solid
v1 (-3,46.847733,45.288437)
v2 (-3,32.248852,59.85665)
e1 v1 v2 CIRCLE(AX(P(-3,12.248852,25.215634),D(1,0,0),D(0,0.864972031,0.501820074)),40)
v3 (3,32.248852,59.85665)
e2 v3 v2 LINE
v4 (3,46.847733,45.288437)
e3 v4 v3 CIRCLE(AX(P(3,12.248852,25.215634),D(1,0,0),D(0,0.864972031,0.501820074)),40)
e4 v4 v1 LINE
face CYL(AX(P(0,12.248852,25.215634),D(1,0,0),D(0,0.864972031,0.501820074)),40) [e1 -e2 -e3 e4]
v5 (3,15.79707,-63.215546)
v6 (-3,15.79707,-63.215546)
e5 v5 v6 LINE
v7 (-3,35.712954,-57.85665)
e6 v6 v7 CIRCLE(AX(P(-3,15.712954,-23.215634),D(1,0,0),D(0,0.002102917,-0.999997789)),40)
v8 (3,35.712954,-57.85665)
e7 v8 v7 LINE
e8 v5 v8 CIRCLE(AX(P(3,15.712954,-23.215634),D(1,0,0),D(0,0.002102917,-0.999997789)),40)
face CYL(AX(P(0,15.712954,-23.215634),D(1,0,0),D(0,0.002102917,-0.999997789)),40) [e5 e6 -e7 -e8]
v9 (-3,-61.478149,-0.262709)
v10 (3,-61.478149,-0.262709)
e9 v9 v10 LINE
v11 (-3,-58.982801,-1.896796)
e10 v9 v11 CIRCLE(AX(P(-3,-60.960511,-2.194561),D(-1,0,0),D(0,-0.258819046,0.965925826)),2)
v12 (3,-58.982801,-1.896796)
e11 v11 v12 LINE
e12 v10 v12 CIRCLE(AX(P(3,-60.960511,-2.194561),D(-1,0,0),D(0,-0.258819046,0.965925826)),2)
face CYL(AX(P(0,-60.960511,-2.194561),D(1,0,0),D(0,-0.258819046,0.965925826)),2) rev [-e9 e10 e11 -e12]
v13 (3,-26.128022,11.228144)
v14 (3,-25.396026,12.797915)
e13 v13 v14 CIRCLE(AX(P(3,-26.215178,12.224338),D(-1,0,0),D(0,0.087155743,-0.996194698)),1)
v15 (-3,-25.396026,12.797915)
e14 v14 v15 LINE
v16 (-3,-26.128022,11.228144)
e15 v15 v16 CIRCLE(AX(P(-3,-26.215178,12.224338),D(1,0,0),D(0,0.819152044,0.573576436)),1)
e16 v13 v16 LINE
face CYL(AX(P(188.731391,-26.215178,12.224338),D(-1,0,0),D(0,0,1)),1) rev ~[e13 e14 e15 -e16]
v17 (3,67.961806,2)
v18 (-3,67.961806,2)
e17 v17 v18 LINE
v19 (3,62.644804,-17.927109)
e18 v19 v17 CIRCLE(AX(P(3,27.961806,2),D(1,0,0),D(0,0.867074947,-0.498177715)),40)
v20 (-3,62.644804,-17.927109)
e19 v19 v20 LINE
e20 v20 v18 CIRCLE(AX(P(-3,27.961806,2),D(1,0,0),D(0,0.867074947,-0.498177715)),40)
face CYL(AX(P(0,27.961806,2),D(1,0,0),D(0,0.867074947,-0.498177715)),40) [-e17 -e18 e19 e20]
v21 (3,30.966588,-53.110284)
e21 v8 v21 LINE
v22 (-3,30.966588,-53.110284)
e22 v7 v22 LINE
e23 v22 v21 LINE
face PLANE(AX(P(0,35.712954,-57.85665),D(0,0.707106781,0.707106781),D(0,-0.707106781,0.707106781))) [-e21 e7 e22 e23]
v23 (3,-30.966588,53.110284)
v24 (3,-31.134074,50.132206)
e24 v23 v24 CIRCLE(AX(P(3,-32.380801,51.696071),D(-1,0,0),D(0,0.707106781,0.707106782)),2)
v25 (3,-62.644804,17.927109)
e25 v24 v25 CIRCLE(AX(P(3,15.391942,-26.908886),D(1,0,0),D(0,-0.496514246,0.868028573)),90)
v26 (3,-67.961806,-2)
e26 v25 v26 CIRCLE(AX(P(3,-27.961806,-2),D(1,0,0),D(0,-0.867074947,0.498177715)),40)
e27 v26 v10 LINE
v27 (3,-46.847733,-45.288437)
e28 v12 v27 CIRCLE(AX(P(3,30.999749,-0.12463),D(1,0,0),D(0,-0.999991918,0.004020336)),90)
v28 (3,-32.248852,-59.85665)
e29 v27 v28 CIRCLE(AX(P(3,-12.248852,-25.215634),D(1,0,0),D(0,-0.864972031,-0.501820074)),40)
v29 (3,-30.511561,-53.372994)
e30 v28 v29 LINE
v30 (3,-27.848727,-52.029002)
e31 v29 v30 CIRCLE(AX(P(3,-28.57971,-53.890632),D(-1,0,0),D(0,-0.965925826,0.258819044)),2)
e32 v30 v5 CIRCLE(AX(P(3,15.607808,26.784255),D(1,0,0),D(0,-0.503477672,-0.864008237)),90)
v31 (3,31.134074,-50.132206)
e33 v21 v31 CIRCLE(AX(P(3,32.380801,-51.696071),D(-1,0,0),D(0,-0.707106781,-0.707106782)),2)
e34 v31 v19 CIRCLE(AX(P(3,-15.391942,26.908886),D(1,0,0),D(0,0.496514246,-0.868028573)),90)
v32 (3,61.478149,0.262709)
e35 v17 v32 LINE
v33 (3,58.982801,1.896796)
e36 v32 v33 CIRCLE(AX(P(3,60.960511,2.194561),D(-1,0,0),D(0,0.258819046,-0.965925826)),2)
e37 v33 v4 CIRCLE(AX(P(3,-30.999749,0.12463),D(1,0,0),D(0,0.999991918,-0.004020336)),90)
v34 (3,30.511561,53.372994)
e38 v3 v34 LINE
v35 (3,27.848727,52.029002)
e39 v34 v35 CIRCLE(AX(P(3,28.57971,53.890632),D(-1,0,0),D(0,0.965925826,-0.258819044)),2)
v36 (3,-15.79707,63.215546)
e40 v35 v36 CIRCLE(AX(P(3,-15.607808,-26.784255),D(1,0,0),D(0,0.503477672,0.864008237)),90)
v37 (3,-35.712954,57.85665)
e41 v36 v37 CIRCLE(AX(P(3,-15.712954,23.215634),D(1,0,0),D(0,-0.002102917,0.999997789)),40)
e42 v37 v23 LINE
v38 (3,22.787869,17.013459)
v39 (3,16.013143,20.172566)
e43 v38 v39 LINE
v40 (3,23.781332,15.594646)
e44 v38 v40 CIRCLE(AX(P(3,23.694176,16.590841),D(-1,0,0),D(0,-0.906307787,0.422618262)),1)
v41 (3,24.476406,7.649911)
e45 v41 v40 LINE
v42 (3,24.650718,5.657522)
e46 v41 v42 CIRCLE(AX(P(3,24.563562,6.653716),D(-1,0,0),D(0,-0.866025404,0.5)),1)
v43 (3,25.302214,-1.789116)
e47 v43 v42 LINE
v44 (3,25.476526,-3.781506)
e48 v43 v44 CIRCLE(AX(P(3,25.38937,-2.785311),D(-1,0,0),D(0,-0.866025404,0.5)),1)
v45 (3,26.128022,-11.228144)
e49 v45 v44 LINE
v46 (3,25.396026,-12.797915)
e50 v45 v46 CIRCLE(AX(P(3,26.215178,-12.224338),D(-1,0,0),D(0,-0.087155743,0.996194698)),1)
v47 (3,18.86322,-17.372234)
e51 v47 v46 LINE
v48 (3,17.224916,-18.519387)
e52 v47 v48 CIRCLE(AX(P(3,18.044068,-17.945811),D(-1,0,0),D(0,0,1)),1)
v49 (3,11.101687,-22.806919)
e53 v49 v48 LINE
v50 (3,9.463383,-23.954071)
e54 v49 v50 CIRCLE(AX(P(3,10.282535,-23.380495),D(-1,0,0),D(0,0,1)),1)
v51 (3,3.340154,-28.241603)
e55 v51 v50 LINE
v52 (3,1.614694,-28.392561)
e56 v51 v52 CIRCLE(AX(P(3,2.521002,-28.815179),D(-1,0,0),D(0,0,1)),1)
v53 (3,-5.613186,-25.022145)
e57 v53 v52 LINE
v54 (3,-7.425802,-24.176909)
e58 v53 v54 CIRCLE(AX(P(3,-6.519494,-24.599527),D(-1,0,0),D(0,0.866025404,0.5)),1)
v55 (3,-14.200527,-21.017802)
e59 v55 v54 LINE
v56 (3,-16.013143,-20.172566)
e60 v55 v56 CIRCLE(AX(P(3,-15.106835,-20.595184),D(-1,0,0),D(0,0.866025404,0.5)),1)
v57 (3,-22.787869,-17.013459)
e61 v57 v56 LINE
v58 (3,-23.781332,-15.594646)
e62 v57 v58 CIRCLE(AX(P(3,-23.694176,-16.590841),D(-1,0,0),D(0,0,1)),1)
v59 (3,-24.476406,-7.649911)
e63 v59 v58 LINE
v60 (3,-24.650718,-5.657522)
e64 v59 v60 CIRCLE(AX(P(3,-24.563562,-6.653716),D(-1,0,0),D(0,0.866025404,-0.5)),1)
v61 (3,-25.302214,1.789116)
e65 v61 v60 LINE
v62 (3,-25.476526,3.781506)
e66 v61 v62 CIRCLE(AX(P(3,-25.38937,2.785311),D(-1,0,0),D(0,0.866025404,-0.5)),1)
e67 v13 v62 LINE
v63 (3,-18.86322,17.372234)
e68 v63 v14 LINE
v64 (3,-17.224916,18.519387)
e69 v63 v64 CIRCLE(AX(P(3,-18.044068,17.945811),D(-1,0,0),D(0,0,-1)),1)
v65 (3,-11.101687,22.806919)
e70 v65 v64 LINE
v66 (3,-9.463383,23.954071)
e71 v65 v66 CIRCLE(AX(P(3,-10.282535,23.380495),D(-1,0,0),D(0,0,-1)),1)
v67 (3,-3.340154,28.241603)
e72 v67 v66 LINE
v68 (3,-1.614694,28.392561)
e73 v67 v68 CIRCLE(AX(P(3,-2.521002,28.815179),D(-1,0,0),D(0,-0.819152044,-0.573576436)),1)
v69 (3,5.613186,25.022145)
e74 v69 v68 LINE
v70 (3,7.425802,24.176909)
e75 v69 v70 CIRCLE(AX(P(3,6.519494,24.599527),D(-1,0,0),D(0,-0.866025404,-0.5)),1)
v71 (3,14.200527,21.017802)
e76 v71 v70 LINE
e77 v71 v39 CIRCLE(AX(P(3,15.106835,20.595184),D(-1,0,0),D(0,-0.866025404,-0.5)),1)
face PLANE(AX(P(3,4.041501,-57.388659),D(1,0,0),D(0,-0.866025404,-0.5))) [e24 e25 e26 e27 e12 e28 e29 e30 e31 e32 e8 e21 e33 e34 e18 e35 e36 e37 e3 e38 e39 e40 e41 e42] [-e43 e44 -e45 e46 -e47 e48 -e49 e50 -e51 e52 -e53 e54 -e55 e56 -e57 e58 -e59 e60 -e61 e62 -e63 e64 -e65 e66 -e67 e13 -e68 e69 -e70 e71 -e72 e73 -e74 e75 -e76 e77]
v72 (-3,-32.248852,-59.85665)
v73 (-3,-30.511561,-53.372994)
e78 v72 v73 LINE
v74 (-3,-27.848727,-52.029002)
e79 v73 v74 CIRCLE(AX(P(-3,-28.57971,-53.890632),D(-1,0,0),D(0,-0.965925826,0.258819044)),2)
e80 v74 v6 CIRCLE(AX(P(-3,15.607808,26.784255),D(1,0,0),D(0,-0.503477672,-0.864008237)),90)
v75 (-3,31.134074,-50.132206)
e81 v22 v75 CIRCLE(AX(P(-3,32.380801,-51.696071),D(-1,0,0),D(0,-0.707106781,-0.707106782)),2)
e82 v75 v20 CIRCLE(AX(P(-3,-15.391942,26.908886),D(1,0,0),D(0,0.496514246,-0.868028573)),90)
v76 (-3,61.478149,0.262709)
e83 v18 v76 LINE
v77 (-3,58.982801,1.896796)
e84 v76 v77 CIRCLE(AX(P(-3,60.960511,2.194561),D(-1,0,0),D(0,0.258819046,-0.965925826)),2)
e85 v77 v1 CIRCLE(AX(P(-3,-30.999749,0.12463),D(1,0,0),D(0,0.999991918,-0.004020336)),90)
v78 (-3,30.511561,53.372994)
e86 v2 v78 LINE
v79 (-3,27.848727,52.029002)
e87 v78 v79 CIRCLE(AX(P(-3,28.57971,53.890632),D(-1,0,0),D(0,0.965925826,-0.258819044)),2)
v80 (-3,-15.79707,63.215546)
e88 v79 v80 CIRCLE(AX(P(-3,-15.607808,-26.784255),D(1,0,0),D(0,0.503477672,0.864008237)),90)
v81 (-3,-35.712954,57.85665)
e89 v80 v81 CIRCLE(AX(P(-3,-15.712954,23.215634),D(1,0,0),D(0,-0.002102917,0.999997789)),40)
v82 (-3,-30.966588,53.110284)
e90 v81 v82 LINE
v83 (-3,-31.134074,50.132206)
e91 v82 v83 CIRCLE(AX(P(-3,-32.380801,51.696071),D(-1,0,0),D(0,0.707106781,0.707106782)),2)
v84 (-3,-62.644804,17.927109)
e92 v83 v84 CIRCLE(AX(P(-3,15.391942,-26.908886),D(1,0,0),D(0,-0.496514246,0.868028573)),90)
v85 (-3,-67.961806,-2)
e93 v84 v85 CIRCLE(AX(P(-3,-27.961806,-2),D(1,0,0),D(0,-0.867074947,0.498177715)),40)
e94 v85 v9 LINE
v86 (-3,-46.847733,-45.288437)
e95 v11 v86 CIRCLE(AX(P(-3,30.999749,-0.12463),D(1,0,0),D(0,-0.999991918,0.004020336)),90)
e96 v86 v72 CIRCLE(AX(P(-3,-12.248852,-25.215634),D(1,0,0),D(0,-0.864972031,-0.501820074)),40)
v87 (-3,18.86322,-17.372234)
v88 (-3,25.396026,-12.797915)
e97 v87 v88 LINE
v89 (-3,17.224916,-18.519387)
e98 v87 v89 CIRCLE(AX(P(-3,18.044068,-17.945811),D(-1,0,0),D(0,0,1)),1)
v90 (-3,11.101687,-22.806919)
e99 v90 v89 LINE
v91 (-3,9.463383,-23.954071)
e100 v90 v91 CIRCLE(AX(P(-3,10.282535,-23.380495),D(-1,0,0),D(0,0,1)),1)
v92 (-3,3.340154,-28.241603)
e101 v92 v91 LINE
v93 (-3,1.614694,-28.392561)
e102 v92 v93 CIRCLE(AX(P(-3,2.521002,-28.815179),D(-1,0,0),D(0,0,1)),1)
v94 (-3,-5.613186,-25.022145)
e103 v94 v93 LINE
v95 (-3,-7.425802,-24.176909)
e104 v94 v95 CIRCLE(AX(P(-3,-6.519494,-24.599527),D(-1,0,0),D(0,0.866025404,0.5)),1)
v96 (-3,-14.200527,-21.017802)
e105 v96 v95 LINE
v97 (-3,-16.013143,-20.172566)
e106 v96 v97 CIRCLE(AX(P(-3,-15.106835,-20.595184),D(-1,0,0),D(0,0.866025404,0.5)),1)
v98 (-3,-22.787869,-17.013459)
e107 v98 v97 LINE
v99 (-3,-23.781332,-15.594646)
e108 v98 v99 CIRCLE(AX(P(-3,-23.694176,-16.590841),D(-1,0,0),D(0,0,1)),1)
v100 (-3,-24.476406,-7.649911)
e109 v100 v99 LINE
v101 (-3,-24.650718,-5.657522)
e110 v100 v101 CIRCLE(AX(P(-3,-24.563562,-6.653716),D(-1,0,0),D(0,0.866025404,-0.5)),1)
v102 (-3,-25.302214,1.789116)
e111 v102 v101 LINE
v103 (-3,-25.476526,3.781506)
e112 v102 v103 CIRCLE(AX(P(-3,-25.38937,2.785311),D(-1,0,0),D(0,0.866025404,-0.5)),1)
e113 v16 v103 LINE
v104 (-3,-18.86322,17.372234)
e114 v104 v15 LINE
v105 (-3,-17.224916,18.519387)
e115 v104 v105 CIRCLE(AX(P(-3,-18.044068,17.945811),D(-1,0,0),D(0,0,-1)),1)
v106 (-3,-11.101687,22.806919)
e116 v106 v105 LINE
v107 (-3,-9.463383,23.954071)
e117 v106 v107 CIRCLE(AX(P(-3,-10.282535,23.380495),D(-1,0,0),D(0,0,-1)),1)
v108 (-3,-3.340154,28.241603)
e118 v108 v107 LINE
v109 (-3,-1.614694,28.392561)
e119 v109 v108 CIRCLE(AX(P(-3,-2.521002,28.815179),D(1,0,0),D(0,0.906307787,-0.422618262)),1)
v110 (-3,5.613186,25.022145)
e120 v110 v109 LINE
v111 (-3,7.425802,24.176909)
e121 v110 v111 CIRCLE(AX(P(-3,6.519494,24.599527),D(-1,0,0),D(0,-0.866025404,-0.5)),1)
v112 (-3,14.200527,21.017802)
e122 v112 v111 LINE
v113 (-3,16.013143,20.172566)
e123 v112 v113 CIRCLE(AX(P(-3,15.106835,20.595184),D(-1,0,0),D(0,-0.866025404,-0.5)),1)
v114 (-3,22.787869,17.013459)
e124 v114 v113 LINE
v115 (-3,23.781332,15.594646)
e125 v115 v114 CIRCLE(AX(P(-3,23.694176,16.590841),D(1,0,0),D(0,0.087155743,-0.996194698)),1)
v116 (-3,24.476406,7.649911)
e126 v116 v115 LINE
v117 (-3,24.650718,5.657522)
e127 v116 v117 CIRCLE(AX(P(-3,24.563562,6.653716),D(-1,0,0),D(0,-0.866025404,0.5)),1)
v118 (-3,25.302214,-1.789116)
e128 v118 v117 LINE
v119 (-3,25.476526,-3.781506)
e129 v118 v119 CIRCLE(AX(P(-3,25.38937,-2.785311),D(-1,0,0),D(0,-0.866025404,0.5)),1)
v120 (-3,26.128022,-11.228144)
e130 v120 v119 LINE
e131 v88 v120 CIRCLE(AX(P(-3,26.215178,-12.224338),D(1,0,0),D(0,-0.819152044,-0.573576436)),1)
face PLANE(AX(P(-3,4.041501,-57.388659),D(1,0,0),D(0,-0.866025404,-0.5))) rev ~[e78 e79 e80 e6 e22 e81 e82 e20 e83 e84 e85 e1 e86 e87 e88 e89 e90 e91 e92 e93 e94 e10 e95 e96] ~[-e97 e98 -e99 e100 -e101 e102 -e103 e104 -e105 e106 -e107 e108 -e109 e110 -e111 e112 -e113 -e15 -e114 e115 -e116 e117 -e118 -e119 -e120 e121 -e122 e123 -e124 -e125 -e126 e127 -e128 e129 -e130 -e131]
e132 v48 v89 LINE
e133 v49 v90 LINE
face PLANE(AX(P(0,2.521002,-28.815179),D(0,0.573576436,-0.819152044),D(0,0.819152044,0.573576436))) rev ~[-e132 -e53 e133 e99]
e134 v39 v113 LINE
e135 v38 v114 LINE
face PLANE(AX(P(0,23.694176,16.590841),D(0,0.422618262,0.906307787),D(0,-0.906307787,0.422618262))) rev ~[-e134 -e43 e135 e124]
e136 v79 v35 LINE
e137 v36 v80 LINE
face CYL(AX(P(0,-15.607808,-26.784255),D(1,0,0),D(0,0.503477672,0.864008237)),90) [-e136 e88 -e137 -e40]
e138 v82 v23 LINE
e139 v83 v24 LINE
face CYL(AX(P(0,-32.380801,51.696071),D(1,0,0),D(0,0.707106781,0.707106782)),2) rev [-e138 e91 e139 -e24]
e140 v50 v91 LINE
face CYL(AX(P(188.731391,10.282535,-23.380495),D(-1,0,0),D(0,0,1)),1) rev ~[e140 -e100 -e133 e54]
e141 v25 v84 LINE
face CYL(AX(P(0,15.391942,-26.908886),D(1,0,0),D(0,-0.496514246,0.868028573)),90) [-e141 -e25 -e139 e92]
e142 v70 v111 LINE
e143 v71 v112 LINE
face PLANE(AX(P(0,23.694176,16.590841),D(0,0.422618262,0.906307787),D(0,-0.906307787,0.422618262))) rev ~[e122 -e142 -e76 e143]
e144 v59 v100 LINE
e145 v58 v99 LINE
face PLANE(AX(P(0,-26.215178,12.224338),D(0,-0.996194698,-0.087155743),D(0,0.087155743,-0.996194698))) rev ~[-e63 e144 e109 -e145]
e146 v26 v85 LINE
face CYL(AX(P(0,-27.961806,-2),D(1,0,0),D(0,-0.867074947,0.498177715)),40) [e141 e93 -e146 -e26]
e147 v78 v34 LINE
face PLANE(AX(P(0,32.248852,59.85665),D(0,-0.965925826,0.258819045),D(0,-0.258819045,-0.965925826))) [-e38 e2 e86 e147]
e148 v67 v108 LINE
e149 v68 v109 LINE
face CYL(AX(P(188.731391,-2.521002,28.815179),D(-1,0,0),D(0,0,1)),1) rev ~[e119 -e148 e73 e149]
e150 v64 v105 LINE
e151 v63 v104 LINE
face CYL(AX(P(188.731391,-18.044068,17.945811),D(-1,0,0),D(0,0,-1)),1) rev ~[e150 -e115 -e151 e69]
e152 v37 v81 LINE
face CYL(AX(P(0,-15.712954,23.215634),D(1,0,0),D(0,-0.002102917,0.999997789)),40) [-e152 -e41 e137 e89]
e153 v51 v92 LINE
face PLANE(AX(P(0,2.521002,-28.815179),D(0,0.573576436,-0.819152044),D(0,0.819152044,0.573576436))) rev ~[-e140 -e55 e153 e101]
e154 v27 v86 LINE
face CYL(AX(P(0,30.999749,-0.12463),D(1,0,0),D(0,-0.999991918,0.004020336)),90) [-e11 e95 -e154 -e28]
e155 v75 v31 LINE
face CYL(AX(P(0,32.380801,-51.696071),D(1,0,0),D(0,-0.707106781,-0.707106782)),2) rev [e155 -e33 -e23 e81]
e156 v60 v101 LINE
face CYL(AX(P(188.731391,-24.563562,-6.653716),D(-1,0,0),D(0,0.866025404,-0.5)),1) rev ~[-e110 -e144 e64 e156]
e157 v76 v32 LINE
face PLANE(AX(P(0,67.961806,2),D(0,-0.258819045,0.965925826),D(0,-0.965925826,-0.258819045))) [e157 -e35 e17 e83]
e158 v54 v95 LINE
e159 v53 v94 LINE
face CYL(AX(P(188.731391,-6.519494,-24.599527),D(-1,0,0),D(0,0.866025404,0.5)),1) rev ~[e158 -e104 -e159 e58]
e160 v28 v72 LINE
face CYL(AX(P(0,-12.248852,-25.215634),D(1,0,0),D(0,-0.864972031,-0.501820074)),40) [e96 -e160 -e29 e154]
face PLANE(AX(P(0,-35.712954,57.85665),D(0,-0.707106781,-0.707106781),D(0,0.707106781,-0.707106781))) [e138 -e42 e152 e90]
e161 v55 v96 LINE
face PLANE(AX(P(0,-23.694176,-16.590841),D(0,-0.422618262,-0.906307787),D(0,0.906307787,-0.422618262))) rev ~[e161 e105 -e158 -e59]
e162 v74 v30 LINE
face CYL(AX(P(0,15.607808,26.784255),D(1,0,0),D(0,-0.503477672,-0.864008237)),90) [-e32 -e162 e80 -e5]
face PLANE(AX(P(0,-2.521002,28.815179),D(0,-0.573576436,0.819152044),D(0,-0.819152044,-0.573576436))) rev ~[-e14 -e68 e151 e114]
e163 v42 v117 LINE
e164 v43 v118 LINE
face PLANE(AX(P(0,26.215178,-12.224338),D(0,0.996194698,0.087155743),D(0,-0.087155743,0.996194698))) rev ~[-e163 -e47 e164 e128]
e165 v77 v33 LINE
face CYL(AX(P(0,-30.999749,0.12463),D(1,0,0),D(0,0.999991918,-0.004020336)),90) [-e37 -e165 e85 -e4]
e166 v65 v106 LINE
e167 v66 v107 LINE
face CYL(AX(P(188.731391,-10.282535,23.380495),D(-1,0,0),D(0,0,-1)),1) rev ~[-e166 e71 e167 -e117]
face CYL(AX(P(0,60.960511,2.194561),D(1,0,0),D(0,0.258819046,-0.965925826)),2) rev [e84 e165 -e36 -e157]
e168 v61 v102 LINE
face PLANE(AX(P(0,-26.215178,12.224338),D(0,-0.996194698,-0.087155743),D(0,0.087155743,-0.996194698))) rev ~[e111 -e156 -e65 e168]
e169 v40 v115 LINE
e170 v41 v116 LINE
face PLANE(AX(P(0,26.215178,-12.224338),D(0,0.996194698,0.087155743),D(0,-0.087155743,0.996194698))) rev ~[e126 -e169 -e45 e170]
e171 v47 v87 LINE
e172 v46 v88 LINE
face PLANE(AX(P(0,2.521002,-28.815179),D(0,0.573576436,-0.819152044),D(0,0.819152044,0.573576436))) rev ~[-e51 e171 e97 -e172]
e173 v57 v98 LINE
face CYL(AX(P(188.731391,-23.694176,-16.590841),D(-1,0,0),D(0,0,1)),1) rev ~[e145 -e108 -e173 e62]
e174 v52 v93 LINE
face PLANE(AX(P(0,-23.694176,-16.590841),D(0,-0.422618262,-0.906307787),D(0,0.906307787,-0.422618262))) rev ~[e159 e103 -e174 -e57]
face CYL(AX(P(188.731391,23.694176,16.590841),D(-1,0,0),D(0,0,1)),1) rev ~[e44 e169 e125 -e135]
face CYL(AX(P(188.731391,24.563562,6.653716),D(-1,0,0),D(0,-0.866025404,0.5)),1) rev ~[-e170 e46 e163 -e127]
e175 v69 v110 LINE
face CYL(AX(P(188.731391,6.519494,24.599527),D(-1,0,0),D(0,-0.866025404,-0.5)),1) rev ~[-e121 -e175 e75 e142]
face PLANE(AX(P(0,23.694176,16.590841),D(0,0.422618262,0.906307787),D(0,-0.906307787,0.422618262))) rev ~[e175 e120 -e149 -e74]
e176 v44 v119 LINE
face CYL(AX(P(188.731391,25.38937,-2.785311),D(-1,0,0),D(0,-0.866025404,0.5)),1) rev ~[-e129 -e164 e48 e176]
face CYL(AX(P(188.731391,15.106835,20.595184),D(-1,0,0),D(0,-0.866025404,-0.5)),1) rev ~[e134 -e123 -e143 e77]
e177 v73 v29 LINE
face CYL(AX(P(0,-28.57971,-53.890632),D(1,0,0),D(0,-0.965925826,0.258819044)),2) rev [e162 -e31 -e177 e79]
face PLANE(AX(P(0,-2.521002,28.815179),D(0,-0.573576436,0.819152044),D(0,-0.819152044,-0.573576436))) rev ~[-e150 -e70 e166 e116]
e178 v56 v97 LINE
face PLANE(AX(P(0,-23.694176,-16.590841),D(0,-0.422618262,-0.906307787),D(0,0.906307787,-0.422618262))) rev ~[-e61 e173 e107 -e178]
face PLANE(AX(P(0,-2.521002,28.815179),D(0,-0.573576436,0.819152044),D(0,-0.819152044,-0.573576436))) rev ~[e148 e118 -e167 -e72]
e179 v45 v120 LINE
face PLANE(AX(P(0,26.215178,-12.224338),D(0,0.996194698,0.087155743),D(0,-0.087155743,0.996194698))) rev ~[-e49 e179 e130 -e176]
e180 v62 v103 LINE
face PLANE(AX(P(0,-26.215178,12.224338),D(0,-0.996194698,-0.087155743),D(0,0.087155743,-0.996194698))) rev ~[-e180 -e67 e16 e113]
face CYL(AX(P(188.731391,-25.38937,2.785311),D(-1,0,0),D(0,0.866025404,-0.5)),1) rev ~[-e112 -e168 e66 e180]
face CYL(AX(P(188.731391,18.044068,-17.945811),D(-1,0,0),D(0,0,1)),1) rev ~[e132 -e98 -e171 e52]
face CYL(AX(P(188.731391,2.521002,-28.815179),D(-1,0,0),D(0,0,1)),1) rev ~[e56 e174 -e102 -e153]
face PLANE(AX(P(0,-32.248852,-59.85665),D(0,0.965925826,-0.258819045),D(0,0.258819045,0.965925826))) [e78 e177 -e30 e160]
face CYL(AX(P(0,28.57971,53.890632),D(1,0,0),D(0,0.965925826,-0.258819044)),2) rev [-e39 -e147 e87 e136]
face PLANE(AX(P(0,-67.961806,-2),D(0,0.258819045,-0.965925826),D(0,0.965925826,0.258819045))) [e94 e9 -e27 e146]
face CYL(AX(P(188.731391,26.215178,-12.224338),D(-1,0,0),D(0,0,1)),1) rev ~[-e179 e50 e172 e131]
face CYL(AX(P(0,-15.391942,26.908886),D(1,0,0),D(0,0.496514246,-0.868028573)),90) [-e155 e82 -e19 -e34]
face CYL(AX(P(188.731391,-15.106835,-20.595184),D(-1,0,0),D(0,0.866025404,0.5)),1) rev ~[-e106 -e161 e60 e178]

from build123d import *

# Parameters (mm, degrees)
SKETCH1_R                = 59
EXTRUDE1_DEPTH           = 3
EXTRUDE2_DEPTH           = 3
CIRPATTERN1_COUNT        = 6
F_2_0_2_DIAMETER_HOLE1_D = 2
F_2_0_2_DIAMETER_HOLE3_D = 2
F_2_0_2_DIAMETER_HOLE4_D = 2
CIRPATTERN2_COUNT        = 6
CIRPATTERN3_COUNT        = 6


with BuildPart() as part:
    # Sketch1 → Extrude1 (new, symmetric)
    with BuildSketch(Plane(origin=(0, 0, 0), x_dir=(0, 0, -1), z_dir=(1, 0, 0))):
        Circle(SKETCH1_R)
        Polygon((28.815179183, 2.521001516), (12.224338236, 26.215177945), (-16.590840947, 23.694176429), (-28.815179183, -2.521001516), (-12.224338236, -26.215177945), (16.590840947, -23.694176429), align=None, mode=Mode.SUBTRACT)
    extrude(amount=EXTRUDE1_DEPTH, both=True)

    # Sketch2 → Extrude2 (add, symmetric)
    with BuildSketch(Plane(origin=(0, 0, 0), x_dir=(0, 0, -1), z_dir=(1, 0, 0))):
        with BuildLine():
            Line((-2, 67.961805723), (-0.262709442, 61.478149092))
            ThreePointArc((-0.262709442, 61.478149092), (-0.58620663, 59.77173183), (-2.122608272, 58.961805723))
            ThreePointArc((-2.122608272, 58.961805723), (28.679663449, 51.560419941), (51.21368579, 29.294340542))
            ThreePointArc((51.21368579, 29.294340542), (36.791707484, 48.186627241), (17.927108603, 62.644803614))
            ThreePointArc((17.927108603, 62.644803614), (8.312130826, 66.609702921), (-2, 67.961805723))
        make_face()
    extrude2 = extrude(amount=EXTRUDE2_DEPTH, both=True)

    # CirPattern1: Extrude2 ×6 about axis
    cirpattern1_axis = Axis((0, 0, 0), (1, 0, 0))
    for i in range(1, CIRPATTERN1_COUNT):
        add(extrude2.rotate(cirpattern1_axis, i * 360 / CIRPATTERN1_COUNT))

    # Ø2.0 (2) Diameter Hole1 (through all)
    with Locations(Plane(origin=(3, 0, 0), x_dir=(0, 0, -1), z_dir=(1, 0, 0))):
        with Locations((12.224338236, 26.215177945), (28.815179183, 2.521001516), (16.590840947, -23.694176429), (-12.224338236, -26.215177945), (-28.815179183, -2.521001516), (-16.590840947, 23.694176429)):
            Hole(F_2_0_2_DIAMETER_HOLE1_D / 2)

    # Ø2.0 (2) Diameter Hole3 (through all)
    with Locations(Plane(origin=(3, 0, 0), x_dir=(0, 0, -1), z_dir=(1, 0, 0))):
        with Locations((17.945810697, 18.044068454)):
            f_2_0_2_diameter_hole3 = Hole(F_2_0_2_DIAMETER_HOLE3_D / 2)

    # Ø2.0 (2) Diameter Hole4 (through all)
    with Locations(Plane(origin=(3, 0, 0), x_dir=(0, 0, -1), z_dir=(1, 0, 0))):
        with Locations((23.38049494, 10.282534985)):
            f_2_0_2_diameter_hole4 = Hole(F_2_0_2_DIAMETER_HOLE4_D / 2)

    # CirPattern2: Ø2.0 (2) Diameter Hole3 ×6 about axis
    cirpattern2_axis = Axis((0, 0, 0), (1, 0, 0))
    for i in range(1, CIRPATTERN2_COUNT):
        add(f_2_0_2_diameter_hole3.rotate(cirpattern2_axis, i * 360 / CIRPATTERN2_COUNT), mode=Mode.SUBTRACT)

    # CirPattern3: Ø2.0 (2) Diameter Hole4 ×6 about axis
    cirpattern3_axis = Axis((0, 0, 0), (1, 0, 0))
    for i in range(1, CIRPATTERN3_COUNT):
        add(f_2_0_2_diameter_hole4.rotate(cirpattern3_axis, i * 360 / CIRPATTERN3_COUNT), mode=Mode.SUBTRACT)


solid = part.part
